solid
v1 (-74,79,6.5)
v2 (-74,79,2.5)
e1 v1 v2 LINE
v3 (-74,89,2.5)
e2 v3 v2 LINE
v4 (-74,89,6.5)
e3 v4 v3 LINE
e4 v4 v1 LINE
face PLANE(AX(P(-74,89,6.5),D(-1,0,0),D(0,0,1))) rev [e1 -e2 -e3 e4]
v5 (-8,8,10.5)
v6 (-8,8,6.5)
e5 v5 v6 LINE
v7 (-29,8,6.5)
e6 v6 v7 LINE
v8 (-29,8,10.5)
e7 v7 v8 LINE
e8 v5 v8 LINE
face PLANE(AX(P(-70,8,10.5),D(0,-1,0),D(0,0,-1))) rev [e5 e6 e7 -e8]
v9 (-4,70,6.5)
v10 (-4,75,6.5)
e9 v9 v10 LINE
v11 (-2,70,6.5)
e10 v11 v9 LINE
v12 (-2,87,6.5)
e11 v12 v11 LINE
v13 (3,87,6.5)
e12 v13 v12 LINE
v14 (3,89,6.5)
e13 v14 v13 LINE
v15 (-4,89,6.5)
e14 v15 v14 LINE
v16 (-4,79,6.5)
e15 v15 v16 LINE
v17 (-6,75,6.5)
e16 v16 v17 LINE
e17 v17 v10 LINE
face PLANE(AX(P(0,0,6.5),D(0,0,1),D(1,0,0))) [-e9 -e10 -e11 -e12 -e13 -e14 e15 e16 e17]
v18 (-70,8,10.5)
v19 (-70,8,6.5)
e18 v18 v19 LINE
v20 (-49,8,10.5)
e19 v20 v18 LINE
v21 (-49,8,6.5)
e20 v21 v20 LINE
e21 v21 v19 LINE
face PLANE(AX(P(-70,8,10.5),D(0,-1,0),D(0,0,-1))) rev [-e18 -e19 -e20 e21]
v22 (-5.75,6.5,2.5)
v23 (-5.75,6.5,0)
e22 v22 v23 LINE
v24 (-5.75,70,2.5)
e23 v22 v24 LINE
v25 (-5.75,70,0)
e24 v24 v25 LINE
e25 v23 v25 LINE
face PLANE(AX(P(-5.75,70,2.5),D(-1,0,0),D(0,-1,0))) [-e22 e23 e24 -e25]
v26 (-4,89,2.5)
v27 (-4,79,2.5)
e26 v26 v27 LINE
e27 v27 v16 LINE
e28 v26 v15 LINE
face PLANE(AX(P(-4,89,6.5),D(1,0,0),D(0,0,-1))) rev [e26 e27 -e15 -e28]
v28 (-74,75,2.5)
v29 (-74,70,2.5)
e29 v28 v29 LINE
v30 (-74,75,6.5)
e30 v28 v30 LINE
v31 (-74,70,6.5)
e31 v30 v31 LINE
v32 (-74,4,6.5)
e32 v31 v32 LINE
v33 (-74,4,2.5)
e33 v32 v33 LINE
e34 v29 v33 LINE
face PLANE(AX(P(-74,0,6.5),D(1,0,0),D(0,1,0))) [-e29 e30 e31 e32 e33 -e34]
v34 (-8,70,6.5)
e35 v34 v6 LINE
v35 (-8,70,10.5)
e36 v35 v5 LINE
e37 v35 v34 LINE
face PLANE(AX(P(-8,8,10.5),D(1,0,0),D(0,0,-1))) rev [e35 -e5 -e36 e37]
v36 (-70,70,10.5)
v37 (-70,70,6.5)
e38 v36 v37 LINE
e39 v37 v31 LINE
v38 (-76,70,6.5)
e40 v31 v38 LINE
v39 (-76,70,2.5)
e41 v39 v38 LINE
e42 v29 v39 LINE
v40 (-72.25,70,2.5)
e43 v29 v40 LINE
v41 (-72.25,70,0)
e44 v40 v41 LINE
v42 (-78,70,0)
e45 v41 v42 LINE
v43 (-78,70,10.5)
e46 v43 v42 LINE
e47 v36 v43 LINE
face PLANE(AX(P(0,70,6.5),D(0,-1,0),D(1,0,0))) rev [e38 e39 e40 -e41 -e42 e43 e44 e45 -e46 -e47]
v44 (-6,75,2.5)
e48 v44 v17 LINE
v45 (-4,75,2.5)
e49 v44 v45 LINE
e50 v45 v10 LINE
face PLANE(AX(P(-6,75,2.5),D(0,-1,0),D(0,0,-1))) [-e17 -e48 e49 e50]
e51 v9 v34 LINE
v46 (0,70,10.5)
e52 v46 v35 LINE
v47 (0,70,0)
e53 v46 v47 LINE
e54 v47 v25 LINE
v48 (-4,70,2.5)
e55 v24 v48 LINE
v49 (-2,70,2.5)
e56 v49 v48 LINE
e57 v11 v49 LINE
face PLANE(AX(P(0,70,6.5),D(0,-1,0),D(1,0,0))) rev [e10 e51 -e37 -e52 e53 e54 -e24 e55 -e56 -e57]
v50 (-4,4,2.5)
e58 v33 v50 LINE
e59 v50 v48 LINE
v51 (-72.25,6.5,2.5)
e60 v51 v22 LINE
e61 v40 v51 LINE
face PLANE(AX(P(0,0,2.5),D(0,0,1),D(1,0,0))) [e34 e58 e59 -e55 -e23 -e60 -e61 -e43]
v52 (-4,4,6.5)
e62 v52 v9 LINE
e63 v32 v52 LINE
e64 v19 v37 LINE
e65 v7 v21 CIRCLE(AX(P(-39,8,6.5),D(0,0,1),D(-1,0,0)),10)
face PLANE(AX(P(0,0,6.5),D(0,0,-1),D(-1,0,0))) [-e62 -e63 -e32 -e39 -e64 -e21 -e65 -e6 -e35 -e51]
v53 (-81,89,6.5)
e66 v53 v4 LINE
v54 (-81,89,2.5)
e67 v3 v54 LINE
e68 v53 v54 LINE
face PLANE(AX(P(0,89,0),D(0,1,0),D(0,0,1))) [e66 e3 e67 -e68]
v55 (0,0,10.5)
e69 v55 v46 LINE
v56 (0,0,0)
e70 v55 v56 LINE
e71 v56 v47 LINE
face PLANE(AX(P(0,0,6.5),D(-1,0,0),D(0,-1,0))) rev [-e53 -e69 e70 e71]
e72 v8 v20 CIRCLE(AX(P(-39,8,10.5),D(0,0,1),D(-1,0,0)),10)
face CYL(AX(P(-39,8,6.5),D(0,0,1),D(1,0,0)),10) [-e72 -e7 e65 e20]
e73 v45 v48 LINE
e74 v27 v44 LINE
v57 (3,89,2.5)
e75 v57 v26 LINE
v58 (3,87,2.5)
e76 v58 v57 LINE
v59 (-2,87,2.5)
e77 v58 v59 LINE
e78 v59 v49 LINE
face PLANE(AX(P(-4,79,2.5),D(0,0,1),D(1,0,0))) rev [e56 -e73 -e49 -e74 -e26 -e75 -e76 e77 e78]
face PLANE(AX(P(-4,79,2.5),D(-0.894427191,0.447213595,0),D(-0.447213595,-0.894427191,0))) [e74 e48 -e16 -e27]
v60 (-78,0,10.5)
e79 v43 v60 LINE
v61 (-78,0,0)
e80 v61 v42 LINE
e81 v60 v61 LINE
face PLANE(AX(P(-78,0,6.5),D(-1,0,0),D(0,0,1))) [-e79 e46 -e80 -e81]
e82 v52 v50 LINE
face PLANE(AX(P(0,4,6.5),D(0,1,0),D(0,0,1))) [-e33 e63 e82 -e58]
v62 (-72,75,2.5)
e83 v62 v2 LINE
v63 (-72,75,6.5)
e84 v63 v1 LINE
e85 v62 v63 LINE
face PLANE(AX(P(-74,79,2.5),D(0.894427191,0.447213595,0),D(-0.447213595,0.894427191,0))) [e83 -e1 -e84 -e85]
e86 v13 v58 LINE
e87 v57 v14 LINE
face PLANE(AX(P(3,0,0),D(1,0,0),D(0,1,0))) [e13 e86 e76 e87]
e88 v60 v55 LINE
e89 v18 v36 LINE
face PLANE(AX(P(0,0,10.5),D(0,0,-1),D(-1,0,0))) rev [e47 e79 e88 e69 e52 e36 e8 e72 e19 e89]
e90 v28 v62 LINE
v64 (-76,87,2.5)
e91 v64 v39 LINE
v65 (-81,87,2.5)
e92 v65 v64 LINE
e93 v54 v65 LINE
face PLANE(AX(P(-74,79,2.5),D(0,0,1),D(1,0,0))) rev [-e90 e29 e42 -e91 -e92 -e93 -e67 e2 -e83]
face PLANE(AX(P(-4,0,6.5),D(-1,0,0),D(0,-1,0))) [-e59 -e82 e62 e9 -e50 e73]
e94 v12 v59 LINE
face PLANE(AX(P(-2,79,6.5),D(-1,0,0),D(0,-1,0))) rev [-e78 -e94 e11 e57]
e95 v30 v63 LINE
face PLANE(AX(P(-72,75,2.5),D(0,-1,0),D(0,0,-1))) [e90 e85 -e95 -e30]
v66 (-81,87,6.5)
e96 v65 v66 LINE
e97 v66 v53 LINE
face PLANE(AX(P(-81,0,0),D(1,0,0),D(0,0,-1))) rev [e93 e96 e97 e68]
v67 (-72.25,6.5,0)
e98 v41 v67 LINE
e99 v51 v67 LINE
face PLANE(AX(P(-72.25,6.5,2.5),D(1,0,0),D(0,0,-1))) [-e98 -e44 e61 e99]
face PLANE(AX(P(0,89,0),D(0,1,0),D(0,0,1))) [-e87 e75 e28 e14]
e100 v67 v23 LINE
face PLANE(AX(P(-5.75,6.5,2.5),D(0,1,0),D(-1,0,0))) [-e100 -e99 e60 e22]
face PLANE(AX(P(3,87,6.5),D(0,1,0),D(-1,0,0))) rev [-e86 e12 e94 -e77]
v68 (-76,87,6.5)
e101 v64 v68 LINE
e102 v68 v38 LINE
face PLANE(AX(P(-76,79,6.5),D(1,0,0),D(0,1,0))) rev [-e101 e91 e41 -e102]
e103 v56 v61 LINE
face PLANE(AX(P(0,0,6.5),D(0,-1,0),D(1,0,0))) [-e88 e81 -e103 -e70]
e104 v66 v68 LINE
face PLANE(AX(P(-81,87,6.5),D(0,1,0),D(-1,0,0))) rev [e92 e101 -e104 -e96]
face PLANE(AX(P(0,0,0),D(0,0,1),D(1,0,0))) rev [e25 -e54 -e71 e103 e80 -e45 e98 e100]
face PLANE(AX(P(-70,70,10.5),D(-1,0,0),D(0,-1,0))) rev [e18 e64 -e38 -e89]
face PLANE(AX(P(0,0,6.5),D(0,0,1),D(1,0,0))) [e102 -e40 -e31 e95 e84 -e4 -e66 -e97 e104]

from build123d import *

# Parameters (mm, degrees)
BOSS_EXTRU_1_DEPTH = 6.5
BOSS_EXTRU_2_DEPTH = 2.5
ESQUISSE3_W        = 2
ESQUISSE3_H        = 4
BOSS_EXTRU_3_DEPTH = 9
BOSS_EXTRU_4_START = -4
BOSS_EXTRU_4_DEPTH = 4
BOSS_EXTRU_5_DEPTH = 4
ESQUISSE6_W        = 2
ESQUISSE6_H        = 4
BOSS_EXTRU_6_DEPTH = 10
ESQUISSE7_W        = 4
ESQUISSE7_H        = 2
BOSS_EXTRU_7_DEPTH = 5
ESQUISSE8_W        = 4
ESQUISSE8_H        = 2
BOSS_EXTRU_8_DEPTH = 5
BOSS_EXTRU_9_START = -4
BOSS_EXTRU_9_DEPTH = 4


with BuildPart() as part:
    # Esquisse1 → Boss.-Extru.1 (new body)
    with BuildSketch(Plane.XY):
        Polygon((-74, 4), (-74, 70), (-78, 70), (-78, 0), (0, 0), (0, 70), (-4, 70), (-4, 4), align=None)
    extrude(amount=BOSS_EXTRU_1_DEPTH)

    # Esquisse2 → Boss.-Extru.2 (add)
    with BuildSketch(Plane(origin=(0, 0, 0), x_dir=(-1, 0, 0), z_dir=(0, 0, -1))):
        Polygon((0, 70), (5.75, 70), (5.75, 6.5), (72.25, 6.5), (72.25, 70), (78, 70), (78, 0), (0, 0), align=None)
    extrude(amount=-BOSS_EXTRU_2_DEPTH)

    # Esquisse3 → Boss.-Extru.3 (add)
    with BuildSketch(Plane(origin=(0, 70, 0), x_dir=(1, 0, 0), z_dir=(0, 1, 0))):
        with Locations((-75, -4.5)):
            Rectangle(ESQUISSE3_W, ESQUISSE3_H)
        with Locations((-3, -4.5)):
            Rectangle(ESQUISSE3_W, ESQUISSE3_H)
    extrude(amount=BOSS_EXTRU_3_DEPTH)

    # Esquisse4 → Boss.-Extru.4 (add)
    with BuildSketch(Plane.XY.offset(6.5).offset(BOSS_EXTRU_4_START)):
        Polygon((-4, 79), (-6, 75), (-4, 75), align=None)
        Polygon((-74, 79), (-72, 75), (-74, 75), align=None)
    extrude(amount=BOSS_EXTRU_4_DEPTH)

    # Esquisse5 → Boss.-Extru.5 (add)
    with BuildSketch(Plane.XY.offset(6.5)):
        Polygon((0, 70), (0, 0), (-78, 0), (-78, 70), (-70, 70), (-70, 8), (-8, 8), (-8, 70), align=None)
    extrude(amount=BOSS_EXTRU_5_DEPTH)

    # Esquisse6 → Boss.-Extru.6 (add)
    with BuildSketch(Plane(origin=(0, 79, 0), x_dir=(1, 0, 0), z_dir=(0, 1, 0))):
        with Locations((-3, -4.5)):
            Rectangle(ESQUISSE6_W, ESQUISSE6_H)
        with Locations((-75, -4.5)):
            Rectangle(ESQUISSE6_W, ESQUISSE6_H)
    extrude(amount=BOSS_EXTRU_6_DEPTH)

    # Esquisse7 → Boss.-Extru.7 (add)
    with BuildSketch(Plane(origin=(-2, 0, 0), x_dir=(0, 0, -1), z_dir=(1, 0, 0))):
        with Locations((-4.5, 88)):
            Rectangle(ESQUISSE7_W, ESQUISSE7_H)
    extrude(amount=BOSS_EXTRU_7_DEPTH)

    # Esquisse8 → Boss.-Extru.8 (add)
    with BuildSketch(Plane.ZY.offset(76)):
        with Locations((4.5, 88)):
            Rectangle(ESQUISSE8_W, ESQUISSE8_H)
    extrude(amount=BOSS_EXTRU_8_DEPTH)

    # Esquisse9 → Boss.-Extru.9 (add)
    with BuildSketch(Plane.XY.offset(10.5).offset(BOSS_EXTRU_9_START)):
        with BuildLine():
            Line((-49, 8), (-29, 8))
            ThreePointArc((-29, 8), (-39, 18), (-49, 8))
        make_face()
    extrude(amount=BOSS_EXTRU_9_DEPTH)


solid = part.part
